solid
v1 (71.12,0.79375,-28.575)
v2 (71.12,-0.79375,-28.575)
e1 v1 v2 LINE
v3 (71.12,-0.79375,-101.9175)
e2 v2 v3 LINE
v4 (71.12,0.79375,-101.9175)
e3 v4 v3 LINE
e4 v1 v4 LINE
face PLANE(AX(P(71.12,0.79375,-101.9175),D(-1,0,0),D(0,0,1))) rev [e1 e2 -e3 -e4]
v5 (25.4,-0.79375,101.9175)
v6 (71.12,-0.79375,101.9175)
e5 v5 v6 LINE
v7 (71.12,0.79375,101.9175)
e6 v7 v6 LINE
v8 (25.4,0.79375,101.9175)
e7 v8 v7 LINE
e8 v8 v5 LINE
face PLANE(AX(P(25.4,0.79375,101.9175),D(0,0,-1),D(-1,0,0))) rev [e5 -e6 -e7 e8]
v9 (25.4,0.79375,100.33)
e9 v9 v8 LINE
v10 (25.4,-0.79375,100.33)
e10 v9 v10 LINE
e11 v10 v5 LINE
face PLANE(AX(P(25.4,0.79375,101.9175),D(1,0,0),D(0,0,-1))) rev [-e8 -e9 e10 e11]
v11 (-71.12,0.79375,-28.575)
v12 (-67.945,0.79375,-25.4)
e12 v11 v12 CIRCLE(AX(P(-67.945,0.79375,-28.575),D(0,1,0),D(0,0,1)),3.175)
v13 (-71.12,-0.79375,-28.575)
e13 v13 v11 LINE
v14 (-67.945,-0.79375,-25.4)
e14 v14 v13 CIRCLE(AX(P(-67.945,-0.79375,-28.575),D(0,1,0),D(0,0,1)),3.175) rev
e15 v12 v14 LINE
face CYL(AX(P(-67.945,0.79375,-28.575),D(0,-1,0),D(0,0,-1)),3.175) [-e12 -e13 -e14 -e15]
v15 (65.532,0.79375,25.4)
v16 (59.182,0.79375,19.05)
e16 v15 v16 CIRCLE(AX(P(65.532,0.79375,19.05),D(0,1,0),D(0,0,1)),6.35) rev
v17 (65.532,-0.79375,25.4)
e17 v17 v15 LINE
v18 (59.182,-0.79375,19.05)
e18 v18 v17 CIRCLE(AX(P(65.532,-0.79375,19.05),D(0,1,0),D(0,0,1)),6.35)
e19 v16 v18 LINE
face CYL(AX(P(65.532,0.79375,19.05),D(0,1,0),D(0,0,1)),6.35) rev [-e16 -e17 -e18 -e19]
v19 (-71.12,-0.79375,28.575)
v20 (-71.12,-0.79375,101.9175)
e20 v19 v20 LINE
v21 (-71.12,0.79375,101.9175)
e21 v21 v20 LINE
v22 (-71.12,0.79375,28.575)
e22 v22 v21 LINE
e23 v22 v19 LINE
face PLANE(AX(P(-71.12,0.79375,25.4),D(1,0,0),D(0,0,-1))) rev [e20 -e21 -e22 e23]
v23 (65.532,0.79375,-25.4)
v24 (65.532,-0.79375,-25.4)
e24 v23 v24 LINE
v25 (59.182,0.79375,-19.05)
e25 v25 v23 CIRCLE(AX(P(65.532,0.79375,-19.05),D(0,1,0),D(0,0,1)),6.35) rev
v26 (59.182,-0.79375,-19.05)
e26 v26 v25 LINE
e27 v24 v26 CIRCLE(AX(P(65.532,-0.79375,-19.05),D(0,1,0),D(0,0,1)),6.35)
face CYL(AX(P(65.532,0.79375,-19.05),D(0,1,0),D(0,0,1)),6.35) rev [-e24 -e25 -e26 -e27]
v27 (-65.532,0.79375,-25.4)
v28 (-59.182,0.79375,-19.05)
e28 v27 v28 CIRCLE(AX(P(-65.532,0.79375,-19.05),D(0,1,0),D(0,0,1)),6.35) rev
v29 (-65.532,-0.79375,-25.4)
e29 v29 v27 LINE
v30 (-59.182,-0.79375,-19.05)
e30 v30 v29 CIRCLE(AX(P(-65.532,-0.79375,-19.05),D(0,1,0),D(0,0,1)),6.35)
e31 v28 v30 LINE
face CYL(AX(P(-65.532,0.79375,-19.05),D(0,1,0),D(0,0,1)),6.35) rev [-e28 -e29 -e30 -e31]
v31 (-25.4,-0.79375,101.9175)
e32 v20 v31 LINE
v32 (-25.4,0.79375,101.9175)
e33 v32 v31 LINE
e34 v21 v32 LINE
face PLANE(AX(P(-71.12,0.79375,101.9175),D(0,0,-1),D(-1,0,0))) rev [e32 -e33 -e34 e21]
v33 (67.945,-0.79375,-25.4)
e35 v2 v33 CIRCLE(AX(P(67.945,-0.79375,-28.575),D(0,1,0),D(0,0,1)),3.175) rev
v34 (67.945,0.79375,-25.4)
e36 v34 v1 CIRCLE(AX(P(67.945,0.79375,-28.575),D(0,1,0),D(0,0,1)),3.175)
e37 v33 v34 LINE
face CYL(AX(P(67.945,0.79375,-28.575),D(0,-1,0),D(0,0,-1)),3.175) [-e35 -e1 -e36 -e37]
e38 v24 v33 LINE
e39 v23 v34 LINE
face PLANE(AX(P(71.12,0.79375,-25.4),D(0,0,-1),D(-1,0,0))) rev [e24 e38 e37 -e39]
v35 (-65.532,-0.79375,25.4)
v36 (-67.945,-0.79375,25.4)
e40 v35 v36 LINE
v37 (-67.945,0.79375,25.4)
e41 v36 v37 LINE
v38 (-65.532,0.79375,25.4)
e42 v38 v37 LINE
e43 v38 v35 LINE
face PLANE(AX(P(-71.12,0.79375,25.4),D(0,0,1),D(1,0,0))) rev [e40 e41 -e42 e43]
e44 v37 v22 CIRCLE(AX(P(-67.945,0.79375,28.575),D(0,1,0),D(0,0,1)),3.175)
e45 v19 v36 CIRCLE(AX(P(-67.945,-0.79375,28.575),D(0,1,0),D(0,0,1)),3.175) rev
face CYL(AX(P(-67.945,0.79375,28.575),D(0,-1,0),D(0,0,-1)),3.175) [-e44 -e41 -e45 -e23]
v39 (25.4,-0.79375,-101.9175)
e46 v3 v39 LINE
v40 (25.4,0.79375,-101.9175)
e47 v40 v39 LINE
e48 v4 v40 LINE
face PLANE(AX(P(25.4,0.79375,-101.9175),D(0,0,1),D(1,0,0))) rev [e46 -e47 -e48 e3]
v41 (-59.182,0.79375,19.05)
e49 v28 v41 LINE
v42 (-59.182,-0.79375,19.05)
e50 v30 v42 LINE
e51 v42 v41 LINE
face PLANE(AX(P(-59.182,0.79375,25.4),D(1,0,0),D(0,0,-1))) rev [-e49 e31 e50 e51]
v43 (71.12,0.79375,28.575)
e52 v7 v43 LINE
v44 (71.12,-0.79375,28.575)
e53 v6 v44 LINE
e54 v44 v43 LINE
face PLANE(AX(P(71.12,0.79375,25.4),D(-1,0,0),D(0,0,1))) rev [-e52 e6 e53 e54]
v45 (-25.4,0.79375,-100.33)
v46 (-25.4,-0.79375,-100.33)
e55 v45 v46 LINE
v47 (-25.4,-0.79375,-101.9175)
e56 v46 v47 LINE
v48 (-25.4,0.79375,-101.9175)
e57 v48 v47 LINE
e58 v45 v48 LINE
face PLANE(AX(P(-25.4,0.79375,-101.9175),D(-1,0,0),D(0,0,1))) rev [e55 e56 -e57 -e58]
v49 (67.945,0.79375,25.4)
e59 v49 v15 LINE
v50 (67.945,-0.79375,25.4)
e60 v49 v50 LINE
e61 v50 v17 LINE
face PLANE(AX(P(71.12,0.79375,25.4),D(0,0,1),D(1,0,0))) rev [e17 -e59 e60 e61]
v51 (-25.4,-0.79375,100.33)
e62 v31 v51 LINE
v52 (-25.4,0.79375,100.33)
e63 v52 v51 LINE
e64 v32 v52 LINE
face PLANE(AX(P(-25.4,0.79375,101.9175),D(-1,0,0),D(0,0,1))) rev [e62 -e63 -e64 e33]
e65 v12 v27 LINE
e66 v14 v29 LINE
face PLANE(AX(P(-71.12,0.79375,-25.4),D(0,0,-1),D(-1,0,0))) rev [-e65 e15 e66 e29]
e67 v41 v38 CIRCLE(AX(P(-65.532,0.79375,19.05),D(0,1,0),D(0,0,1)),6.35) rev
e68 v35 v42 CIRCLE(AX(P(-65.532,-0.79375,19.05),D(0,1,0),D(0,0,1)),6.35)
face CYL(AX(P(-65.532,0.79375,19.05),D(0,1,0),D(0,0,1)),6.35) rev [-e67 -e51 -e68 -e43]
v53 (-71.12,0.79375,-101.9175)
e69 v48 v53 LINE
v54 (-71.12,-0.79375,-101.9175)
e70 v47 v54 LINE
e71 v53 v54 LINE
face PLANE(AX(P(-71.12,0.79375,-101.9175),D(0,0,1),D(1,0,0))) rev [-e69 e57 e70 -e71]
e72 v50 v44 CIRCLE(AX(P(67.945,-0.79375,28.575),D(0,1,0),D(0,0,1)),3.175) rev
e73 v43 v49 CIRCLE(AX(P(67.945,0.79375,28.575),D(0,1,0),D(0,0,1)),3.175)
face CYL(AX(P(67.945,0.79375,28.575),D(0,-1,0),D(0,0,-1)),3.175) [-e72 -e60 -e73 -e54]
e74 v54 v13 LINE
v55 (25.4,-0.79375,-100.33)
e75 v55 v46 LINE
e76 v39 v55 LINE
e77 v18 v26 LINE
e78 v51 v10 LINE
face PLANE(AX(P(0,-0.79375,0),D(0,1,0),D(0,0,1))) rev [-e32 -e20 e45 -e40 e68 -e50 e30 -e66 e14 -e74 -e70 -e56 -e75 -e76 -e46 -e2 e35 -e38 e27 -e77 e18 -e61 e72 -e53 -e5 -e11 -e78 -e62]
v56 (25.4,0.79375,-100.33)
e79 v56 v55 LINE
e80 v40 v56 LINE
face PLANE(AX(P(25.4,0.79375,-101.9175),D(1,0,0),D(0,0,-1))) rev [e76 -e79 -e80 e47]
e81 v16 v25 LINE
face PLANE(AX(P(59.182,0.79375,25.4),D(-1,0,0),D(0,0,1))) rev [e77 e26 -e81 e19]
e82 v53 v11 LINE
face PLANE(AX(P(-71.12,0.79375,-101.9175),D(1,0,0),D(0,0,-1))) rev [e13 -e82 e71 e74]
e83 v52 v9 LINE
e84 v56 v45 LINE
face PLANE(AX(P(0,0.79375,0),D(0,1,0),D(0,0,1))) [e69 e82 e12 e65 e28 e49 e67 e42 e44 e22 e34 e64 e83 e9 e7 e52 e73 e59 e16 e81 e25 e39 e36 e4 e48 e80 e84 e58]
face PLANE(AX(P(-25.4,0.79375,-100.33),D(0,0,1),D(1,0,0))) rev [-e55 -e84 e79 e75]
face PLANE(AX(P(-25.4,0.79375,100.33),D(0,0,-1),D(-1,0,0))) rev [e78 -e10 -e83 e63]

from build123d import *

# Parameters (mm, degrees)
BOSS_EXTRUDE1_DEPTH = 0.79375
FILLET2_R           = 6.35
FILLET3_R           = 3.175


with BuildPart() as part:
    # Sketch1 → Boss-Extrude1 (new body, symmetric)
    with BuildSketch(Plane(origin=(0, 0, 0), x_dir=(1, 0, 0), z_dir=(0, 1, 0))):
        Polygon((-71.12, 101.9175), (-25.4, 101.9175), (-25.4, 100.33), (25.4, 100.33), (25.4, 101.9175), (71.12, 101.9175), (71.12, 25.4), (59.182, 25.4), (59.182, -25.4), (71.12, -25.4), (71.12, -101.9175), (25.4, -101.9175), (25.4, -100.33), (-25.4, -100.33), (-25.4, -101.9175), (-71.12, -101.9175), (-71.12, -25.4), (-59.182, -25.4), (-59.182, 25.4), (-71.12, 25.4), align=None)
    extrude(amount=BOSS_EXTRUDE1_DEPTH, both=True)

    # Fillet2
    fillet2_edges = [part.edges().sort_by_distance(p)[0] for p in [
        (59.182, 0, -25.4),
        (59.182, 0, 25.4),
        (-59.182, 0, 25.4),
        (-59.182, 0, -25.4),
    ]]
    fillet(fillet2_edges, radius=FILLET2_R)

    # Fillet3
    fillet3_edges = [part.edges().sort_by_distance(p)[0] for p in [
        (71.12, 0, -25.4),
        (71.12, 0, 25.4),
        (-71.12, 0, 25.4),
        (-71.12, 0, -25.4),
    ]]
    fillet(fillet3_edges, radius=FILLET3_R)


solid = part.part
